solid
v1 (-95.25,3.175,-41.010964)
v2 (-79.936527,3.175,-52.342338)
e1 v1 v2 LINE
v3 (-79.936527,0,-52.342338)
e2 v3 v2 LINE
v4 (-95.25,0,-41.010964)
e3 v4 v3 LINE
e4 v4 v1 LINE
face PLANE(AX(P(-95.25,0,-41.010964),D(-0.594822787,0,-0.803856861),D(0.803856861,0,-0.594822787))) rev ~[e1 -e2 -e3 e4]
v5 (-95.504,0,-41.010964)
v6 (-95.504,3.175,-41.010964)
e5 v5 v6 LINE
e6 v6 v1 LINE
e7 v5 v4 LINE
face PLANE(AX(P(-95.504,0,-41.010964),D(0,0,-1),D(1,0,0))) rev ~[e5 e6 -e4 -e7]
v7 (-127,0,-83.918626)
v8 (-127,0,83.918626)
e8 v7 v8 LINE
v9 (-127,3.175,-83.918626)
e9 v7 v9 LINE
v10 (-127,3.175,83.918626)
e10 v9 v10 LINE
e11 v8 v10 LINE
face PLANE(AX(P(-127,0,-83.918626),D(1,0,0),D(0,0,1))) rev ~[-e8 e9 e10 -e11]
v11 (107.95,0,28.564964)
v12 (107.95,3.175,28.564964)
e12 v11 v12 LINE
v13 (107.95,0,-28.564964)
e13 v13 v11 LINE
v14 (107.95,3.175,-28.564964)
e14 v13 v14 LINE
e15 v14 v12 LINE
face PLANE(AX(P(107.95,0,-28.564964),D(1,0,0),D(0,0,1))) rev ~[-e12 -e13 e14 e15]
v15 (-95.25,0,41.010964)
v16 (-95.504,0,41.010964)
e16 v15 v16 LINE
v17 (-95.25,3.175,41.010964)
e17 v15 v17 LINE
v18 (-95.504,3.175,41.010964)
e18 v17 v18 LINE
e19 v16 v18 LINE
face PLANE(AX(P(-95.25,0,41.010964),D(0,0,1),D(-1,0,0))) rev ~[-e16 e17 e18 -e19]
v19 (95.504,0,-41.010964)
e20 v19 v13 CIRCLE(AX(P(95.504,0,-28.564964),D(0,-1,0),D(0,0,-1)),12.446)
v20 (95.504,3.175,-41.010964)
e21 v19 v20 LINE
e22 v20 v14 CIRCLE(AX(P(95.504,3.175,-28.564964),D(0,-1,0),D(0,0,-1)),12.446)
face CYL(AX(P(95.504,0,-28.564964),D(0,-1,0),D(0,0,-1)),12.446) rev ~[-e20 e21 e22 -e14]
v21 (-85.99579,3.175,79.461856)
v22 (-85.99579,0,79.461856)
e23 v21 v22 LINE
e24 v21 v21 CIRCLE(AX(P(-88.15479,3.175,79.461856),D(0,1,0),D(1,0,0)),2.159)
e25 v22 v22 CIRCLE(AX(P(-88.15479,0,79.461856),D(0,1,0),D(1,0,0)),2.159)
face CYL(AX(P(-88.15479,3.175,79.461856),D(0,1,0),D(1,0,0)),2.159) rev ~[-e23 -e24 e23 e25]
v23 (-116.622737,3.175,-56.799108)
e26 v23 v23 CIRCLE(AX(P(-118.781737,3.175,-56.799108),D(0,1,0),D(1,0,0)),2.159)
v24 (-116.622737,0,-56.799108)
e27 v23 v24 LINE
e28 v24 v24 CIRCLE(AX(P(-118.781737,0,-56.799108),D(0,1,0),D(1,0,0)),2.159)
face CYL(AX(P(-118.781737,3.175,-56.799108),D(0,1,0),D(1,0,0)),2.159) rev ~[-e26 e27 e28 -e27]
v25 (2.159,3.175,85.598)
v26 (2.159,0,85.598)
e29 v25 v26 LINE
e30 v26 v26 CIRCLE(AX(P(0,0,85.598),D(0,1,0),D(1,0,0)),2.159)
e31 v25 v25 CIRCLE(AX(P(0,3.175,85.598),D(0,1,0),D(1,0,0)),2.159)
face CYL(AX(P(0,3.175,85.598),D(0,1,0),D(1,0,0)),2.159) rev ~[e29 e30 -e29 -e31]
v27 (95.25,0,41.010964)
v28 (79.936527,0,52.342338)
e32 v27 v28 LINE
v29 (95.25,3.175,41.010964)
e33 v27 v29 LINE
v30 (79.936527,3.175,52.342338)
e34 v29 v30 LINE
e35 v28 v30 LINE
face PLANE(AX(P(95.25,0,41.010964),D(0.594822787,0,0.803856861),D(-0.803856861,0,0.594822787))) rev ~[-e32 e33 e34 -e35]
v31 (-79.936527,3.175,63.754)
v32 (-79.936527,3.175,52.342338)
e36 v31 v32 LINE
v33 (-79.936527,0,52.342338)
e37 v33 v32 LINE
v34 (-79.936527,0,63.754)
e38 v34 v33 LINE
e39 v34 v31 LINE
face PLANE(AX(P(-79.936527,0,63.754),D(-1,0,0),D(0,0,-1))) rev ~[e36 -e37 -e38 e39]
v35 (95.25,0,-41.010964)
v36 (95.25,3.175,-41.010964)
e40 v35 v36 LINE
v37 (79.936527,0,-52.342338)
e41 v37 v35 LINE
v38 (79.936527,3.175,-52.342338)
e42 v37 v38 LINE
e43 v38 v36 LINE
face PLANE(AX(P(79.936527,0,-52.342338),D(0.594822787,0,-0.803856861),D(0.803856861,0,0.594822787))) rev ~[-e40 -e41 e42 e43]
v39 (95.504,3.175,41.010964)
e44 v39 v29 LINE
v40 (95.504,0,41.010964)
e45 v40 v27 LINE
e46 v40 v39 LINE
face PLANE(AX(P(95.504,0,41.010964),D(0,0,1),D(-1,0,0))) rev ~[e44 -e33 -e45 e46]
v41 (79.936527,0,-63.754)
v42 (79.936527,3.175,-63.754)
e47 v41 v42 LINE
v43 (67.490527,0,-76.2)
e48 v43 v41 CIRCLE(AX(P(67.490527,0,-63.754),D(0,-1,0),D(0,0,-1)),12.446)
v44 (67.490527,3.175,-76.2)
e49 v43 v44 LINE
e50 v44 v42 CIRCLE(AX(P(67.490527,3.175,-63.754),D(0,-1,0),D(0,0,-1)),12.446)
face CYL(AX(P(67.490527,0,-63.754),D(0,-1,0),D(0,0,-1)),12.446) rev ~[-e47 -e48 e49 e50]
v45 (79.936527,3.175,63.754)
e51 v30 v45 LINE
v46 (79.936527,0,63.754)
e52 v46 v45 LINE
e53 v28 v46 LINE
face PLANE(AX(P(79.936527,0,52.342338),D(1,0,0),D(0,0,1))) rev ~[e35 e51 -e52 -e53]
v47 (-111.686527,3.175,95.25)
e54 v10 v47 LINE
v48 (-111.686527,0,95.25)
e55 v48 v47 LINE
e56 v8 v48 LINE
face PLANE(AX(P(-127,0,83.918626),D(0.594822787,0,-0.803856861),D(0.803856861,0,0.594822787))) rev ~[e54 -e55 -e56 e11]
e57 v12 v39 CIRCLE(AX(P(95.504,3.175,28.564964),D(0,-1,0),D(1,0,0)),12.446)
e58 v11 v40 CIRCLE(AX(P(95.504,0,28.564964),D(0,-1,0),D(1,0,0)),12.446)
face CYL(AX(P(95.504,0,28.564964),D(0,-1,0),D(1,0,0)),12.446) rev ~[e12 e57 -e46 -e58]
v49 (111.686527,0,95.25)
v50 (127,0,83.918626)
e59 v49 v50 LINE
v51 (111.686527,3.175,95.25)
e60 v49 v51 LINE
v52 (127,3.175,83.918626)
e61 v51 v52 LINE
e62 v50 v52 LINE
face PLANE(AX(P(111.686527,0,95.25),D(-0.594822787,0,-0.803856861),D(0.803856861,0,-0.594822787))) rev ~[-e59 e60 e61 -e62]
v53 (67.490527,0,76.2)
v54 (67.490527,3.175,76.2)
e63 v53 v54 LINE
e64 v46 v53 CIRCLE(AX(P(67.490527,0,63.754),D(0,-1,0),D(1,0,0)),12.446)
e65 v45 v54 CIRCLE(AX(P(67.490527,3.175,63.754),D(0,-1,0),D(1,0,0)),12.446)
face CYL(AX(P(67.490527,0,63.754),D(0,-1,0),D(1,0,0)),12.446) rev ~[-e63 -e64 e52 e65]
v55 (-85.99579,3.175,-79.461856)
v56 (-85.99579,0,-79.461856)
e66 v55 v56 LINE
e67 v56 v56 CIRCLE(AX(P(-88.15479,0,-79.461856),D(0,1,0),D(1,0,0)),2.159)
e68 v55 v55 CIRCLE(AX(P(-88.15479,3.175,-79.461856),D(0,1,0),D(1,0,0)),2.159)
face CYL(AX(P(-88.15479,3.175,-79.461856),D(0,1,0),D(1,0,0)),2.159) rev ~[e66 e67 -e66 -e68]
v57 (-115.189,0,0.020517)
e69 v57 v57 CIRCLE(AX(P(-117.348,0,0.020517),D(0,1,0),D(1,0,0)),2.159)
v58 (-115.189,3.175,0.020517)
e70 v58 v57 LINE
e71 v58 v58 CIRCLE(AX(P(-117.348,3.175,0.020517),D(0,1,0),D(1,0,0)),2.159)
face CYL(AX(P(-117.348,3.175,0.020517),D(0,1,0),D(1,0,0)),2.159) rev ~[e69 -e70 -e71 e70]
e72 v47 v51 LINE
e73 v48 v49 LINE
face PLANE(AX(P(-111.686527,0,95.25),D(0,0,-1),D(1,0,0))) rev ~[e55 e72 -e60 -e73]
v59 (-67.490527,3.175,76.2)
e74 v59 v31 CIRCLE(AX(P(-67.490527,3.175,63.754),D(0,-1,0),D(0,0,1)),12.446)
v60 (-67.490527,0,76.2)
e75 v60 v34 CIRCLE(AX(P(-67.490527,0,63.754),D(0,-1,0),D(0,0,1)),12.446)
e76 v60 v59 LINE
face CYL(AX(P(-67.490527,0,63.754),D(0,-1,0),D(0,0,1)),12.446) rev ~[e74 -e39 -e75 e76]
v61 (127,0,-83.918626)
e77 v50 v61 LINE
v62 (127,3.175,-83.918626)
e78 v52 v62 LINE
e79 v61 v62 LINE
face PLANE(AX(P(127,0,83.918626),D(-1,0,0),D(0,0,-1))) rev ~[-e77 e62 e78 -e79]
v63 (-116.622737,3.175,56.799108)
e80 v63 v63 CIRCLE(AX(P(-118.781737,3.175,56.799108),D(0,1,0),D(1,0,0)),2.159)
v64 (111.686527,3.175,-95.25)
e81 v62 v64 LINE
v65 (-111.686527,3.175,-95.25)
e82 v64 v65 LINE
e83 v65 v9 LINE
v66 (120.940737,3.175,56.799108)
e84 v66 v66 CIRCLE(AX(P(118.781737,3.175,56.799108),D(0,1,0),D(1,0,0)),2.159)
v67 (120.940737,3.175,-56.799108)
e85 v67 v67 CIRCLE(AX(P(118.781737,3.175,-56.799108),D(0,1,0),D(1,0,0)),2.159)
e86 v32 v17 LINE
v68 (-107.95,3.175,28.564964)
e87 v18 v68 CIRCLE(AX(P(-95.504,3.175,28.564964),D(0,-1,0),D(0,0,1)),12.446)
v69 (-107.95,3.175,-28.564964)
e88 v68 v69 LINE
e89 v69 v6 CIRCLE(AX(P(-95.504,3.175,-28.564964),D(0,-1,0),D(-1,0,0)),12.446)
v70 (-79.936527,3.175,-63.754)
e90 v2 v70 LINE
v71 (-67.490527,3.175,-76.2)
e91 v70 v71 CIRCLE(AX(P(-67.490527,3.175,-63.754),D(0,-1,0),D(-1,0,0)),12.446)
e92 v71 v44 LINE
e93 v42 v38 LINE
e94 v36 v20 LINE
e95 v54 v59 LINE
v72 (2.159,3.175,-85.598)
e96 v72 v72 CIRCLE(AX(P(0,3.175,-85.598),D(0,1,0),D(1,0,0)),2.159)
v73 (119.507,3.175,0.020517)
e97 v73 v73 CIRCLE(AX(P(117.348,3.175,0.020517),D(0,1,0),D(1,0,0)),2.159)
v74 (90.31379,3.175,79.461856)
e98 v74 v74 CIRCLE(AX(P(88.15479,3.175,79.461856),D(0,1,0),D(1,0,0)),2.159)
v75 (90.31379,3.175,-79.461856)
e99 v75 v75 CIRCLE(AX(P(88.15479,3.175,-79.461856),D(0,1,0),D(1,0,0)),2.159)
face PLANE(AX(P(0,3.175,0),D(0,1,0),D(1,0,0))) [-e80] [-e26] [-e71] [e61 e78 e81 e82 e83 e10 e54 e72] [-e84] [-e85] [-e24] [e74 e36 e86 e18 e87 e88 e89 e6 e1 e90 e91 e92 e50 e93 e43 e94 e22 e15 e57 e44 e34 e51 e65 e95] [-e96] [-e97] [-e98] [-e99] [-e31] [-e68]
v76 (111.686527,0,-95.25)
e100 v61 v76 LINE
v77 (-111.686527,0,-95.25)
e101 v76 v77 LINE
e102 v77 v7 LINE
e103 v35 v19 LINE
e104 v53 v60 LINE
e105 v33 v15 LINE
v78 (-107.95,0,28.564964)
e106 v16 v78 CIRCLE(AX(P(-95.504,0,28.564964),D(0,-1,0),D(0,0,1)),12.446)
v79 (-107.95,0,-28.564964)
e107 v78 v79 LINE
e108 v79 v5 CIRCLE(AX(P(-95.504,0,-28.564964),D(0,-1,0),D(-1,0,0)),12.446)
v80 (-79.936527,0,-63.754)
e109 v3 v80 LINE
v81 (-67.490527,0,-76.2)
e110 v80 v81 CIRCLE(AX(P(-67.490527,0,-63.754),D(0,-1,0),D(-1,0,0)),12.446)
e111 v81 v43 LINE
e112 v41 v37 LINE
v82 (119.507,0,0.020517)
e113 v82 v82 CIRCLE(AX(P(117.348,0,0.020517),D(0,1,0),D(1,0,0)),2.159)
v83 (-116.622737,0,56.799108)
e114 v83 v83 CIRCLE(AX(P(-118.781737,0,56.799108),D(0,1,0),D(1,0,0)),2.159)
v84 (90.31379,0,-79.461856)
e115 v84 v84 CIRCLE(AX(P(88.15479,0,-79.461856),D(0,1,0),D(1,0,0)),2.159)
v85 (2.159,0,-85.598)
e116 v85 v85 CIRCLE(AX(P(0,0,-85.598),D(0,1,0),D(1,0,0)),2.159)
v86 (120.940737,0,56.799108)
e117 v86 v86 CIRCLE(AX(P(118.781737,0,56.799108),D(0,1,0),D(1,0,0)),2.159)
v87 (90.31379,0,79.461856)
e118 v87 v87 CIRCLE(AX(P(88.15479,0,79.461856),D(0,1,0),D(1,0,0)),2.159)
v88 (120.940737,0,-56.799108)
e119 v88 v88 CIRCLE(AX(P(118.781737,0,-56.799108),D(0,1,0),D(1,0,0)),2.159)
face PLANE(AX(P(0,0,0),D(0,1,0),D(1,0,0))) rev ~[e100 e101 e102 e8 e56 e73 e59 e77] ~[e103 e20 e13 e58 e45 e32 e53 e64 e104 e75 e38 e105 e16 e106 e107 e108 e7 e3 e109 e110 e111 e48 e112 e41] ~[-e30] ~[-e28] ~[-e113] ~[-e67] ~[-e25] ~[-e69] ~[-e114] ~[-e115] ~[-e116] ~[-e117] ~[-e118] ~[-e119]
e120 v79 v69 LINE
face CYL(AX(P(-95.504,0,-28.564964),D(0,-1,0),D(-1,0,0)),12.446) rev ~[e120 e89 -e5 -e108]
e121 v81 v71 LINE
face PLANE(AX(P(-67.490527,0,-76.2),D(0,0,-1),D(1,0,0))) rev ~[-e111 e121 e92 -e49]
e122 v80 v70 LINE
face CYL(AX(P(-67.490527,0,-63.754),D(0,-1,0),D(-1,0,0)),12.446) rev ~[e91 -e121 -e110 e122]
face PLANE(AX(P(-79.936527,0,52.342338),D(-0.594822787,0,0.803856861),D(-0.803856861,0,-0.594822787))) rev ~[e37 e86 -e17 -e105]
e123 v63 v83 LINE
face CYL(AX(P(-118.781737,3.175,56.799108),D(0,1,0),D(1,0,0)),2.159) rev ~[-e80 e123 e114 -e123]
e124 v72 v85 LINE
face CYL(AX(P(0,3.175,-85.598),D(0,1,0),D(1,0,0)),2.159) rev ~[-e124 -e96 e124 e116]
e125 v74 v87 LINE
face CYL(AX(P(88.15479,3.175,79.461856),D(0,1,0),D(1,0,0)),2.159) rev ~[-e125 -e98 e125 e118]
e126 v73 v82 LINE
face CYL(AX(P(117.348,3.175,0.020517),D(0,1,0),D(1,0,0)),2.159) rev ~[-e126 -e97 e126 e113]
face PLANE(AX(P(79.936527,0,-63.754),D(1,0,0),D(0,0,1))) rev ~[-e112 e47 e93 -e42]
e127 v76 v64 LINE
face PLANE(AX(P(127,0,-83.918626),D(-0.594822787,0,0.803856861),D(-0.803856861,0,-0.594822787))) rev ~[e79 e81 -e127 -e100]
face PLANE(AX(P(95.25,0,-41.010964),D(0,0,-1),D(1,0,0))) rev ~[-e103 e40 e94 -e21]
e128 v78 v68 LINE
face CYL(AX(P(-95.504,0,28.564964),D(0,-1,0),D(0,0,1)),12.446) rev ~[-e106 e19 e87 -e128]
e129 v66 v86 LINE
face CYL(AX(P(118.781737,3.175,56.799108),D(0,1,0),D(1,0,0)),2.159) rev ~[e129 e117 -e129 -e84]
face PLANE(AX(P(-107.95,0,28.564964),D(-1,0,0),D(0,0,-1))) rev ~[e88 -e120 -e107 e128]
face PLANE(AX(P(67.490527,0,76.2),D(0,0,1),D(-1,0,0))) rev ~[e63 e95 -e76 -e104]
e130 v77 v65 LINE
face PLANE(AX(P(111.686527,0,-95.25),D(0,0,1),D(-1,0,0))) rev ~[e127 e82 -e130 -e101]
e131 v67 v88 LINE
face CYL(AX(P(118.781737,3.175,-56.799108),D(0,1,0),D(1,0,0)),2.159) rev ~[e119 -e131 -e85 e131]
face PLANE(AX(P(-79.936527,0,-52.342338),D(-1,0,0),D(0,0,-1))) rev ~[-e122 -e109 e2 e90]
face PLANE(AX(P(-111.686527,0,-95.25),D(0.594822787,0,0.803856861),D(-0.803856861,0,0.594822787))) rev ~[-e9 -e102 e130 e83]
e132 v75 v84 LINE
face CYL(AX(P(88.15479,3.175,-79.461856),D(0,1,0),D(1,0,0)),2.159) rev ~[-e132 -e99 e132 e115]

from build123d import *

# Parameters (mm, degrees)
BOSS_EXTRUDE1_DEPTH = 3.175
SKETCH2_R           = 2.159
CUT_EXTRUDE1_DEPTH  = 4.175


with BuildPart() as part:
    # Sketch1 → Boss-Extrude1 (new body)
    with BuildSketch(Plane(origin=(0, 0, 0), x_dir=(1, 0, 0), z_dir=(0, 1, 0))):
        Polygon((-111.686526805, 95.25), (-127, 83.918625912), (-127, -83.918625912), (-111.686526805, -95.25), (111.686526805, -95.25), (127, -83.918625912), (127, 83.918625912), (111.686526805, 95.25), align=None)
        with BuildLine():
            Line((-107.95, -28.564963508), (-107.95, 28.564963508))
            ThreePointArc((-107.95, 28.564963508), (-104.304650999, 37.365614506), (-95.504, 41.010963508))
            Line((-95.504, 41.010963508), (-95.25, 41.010963508))
            Line((-95.25, 41.010963508), (-79.936526805, 52.342337595))
            Line((-79.936526805, 52.342337595), (-79.936526805, 63.754))
            ThreePointArc((-79.936526805, 63.754), (-76.291177804, 72.554650999), (-67.490526805, 76.2))
            Line((-67.490526805, 76.2), (38.831798823, 76.2))
            Line((38.831798823, 76.2), (67.490526805, 76.2))
            ThreePointArc((67.490526805, 76.2), (76.291177804, 72.554650999), (79.936526805, 63.754))
            Line((79.936526805, 63.754), (79.936526805, 52.342337595))
            Line((79.936526805, 52.342337595), (95.25, 41.010963508))
            Line((95.25, 41.010963508), (95.504, 41.010963508))
            ThreePointArc((95.504, 41.010963508), (104.304650999, 37.365614506), (107.95, 28.564963508))
            Line((107.95, 28.564963508), (107.95, -28.564963508))
            ThreePointArc((107.95, -28.564963508), (104.304650999, -37.365614506), (95.504, -41.010963508))
            Line((95.504, -41.010963508), (95.25, -41.010963508))
            Line((95.25, -41.010963508), (79.936526805, -52.342337595))
            Line((79.936526805, -52.342337595), (79.936526805, -63.754))
            ThreePointArc((79.936526805, -63.754), (76.291177804, -72.554650999), (67.490526805, -76.2))
            Line((67.490526805, -76.2), (38.1, -76.2))
            Line((38.1, -76.2), (-67.490526805, -76.2))
            ThreePointArc((-67.490526805, -76.2), (-76.291177804, -72.554650999), (-79.936526805, -63.754))
            Line((-79.936526805, -63.754), (-79.936526805, -52.342337595))
            Line((-79.936526805, -52.342337595), (-95.25, -41.010963508))
            Line((-95.25, -41.010963508), (-95.504, -41.010963508))
            ThreePointArc((-95.504, -41.010963508), (-104.304650999, -37.365614506), (-107.95, -28.564963508))
        make_face(mode=Mode.SUBTRACT)
    extrude(amount=BOSS_EXTRUDE1_DEPTH)

    # Sketch2 → Cut-Extrude1 (cut, through all)
    with BuildSketch(Plane(origin=(0, 3.175, 0), x_dir=(1, 0, 0), z_dir=(0, 1, 0))):
        with Locations((-88.154790208, 79.461855841)):
            Circle(SKETCH2_R)
        with Locations((88.154790208, 79.461855841)):
            Circle(SKETCH2_R)
        with Locations((88.154790208, -79.461855841)):
            Circle(SKETCH2_R)
        with Locations((-88.154790208, -79.461855841)):
            Circle(SKETCH2_R)
        with Locations((-118.781736597, 56.799107666)):
            Circle(SKETCH2_R)
        with Locations((118.781736597, 56.799107666)):
            Circle(SKETCH2_R)
        with Locations((-118.781736597, -56.799107666)):
            Circle(SKETCH2_R)
        with Locations((118.781736597, -56.799107666)):
            Circle(SKETCH2_R)
        with Locations((0, -85.598)):
            Circle(SKETCH2_R)
        with Locations((0, 85.598)):
            Circle(SKETCH2_R)
        with Locations((-117.348, -0.020516524)):
            Circle(SKETCH2_R)
        with Locations((117.348, -0.020516524)):
            Circle(SKETCH2_R)
    extrude(amount=-CUT_EXTRUDE1_DEPTH, mode=Mode.SUBTRACT)


solid = part.part
